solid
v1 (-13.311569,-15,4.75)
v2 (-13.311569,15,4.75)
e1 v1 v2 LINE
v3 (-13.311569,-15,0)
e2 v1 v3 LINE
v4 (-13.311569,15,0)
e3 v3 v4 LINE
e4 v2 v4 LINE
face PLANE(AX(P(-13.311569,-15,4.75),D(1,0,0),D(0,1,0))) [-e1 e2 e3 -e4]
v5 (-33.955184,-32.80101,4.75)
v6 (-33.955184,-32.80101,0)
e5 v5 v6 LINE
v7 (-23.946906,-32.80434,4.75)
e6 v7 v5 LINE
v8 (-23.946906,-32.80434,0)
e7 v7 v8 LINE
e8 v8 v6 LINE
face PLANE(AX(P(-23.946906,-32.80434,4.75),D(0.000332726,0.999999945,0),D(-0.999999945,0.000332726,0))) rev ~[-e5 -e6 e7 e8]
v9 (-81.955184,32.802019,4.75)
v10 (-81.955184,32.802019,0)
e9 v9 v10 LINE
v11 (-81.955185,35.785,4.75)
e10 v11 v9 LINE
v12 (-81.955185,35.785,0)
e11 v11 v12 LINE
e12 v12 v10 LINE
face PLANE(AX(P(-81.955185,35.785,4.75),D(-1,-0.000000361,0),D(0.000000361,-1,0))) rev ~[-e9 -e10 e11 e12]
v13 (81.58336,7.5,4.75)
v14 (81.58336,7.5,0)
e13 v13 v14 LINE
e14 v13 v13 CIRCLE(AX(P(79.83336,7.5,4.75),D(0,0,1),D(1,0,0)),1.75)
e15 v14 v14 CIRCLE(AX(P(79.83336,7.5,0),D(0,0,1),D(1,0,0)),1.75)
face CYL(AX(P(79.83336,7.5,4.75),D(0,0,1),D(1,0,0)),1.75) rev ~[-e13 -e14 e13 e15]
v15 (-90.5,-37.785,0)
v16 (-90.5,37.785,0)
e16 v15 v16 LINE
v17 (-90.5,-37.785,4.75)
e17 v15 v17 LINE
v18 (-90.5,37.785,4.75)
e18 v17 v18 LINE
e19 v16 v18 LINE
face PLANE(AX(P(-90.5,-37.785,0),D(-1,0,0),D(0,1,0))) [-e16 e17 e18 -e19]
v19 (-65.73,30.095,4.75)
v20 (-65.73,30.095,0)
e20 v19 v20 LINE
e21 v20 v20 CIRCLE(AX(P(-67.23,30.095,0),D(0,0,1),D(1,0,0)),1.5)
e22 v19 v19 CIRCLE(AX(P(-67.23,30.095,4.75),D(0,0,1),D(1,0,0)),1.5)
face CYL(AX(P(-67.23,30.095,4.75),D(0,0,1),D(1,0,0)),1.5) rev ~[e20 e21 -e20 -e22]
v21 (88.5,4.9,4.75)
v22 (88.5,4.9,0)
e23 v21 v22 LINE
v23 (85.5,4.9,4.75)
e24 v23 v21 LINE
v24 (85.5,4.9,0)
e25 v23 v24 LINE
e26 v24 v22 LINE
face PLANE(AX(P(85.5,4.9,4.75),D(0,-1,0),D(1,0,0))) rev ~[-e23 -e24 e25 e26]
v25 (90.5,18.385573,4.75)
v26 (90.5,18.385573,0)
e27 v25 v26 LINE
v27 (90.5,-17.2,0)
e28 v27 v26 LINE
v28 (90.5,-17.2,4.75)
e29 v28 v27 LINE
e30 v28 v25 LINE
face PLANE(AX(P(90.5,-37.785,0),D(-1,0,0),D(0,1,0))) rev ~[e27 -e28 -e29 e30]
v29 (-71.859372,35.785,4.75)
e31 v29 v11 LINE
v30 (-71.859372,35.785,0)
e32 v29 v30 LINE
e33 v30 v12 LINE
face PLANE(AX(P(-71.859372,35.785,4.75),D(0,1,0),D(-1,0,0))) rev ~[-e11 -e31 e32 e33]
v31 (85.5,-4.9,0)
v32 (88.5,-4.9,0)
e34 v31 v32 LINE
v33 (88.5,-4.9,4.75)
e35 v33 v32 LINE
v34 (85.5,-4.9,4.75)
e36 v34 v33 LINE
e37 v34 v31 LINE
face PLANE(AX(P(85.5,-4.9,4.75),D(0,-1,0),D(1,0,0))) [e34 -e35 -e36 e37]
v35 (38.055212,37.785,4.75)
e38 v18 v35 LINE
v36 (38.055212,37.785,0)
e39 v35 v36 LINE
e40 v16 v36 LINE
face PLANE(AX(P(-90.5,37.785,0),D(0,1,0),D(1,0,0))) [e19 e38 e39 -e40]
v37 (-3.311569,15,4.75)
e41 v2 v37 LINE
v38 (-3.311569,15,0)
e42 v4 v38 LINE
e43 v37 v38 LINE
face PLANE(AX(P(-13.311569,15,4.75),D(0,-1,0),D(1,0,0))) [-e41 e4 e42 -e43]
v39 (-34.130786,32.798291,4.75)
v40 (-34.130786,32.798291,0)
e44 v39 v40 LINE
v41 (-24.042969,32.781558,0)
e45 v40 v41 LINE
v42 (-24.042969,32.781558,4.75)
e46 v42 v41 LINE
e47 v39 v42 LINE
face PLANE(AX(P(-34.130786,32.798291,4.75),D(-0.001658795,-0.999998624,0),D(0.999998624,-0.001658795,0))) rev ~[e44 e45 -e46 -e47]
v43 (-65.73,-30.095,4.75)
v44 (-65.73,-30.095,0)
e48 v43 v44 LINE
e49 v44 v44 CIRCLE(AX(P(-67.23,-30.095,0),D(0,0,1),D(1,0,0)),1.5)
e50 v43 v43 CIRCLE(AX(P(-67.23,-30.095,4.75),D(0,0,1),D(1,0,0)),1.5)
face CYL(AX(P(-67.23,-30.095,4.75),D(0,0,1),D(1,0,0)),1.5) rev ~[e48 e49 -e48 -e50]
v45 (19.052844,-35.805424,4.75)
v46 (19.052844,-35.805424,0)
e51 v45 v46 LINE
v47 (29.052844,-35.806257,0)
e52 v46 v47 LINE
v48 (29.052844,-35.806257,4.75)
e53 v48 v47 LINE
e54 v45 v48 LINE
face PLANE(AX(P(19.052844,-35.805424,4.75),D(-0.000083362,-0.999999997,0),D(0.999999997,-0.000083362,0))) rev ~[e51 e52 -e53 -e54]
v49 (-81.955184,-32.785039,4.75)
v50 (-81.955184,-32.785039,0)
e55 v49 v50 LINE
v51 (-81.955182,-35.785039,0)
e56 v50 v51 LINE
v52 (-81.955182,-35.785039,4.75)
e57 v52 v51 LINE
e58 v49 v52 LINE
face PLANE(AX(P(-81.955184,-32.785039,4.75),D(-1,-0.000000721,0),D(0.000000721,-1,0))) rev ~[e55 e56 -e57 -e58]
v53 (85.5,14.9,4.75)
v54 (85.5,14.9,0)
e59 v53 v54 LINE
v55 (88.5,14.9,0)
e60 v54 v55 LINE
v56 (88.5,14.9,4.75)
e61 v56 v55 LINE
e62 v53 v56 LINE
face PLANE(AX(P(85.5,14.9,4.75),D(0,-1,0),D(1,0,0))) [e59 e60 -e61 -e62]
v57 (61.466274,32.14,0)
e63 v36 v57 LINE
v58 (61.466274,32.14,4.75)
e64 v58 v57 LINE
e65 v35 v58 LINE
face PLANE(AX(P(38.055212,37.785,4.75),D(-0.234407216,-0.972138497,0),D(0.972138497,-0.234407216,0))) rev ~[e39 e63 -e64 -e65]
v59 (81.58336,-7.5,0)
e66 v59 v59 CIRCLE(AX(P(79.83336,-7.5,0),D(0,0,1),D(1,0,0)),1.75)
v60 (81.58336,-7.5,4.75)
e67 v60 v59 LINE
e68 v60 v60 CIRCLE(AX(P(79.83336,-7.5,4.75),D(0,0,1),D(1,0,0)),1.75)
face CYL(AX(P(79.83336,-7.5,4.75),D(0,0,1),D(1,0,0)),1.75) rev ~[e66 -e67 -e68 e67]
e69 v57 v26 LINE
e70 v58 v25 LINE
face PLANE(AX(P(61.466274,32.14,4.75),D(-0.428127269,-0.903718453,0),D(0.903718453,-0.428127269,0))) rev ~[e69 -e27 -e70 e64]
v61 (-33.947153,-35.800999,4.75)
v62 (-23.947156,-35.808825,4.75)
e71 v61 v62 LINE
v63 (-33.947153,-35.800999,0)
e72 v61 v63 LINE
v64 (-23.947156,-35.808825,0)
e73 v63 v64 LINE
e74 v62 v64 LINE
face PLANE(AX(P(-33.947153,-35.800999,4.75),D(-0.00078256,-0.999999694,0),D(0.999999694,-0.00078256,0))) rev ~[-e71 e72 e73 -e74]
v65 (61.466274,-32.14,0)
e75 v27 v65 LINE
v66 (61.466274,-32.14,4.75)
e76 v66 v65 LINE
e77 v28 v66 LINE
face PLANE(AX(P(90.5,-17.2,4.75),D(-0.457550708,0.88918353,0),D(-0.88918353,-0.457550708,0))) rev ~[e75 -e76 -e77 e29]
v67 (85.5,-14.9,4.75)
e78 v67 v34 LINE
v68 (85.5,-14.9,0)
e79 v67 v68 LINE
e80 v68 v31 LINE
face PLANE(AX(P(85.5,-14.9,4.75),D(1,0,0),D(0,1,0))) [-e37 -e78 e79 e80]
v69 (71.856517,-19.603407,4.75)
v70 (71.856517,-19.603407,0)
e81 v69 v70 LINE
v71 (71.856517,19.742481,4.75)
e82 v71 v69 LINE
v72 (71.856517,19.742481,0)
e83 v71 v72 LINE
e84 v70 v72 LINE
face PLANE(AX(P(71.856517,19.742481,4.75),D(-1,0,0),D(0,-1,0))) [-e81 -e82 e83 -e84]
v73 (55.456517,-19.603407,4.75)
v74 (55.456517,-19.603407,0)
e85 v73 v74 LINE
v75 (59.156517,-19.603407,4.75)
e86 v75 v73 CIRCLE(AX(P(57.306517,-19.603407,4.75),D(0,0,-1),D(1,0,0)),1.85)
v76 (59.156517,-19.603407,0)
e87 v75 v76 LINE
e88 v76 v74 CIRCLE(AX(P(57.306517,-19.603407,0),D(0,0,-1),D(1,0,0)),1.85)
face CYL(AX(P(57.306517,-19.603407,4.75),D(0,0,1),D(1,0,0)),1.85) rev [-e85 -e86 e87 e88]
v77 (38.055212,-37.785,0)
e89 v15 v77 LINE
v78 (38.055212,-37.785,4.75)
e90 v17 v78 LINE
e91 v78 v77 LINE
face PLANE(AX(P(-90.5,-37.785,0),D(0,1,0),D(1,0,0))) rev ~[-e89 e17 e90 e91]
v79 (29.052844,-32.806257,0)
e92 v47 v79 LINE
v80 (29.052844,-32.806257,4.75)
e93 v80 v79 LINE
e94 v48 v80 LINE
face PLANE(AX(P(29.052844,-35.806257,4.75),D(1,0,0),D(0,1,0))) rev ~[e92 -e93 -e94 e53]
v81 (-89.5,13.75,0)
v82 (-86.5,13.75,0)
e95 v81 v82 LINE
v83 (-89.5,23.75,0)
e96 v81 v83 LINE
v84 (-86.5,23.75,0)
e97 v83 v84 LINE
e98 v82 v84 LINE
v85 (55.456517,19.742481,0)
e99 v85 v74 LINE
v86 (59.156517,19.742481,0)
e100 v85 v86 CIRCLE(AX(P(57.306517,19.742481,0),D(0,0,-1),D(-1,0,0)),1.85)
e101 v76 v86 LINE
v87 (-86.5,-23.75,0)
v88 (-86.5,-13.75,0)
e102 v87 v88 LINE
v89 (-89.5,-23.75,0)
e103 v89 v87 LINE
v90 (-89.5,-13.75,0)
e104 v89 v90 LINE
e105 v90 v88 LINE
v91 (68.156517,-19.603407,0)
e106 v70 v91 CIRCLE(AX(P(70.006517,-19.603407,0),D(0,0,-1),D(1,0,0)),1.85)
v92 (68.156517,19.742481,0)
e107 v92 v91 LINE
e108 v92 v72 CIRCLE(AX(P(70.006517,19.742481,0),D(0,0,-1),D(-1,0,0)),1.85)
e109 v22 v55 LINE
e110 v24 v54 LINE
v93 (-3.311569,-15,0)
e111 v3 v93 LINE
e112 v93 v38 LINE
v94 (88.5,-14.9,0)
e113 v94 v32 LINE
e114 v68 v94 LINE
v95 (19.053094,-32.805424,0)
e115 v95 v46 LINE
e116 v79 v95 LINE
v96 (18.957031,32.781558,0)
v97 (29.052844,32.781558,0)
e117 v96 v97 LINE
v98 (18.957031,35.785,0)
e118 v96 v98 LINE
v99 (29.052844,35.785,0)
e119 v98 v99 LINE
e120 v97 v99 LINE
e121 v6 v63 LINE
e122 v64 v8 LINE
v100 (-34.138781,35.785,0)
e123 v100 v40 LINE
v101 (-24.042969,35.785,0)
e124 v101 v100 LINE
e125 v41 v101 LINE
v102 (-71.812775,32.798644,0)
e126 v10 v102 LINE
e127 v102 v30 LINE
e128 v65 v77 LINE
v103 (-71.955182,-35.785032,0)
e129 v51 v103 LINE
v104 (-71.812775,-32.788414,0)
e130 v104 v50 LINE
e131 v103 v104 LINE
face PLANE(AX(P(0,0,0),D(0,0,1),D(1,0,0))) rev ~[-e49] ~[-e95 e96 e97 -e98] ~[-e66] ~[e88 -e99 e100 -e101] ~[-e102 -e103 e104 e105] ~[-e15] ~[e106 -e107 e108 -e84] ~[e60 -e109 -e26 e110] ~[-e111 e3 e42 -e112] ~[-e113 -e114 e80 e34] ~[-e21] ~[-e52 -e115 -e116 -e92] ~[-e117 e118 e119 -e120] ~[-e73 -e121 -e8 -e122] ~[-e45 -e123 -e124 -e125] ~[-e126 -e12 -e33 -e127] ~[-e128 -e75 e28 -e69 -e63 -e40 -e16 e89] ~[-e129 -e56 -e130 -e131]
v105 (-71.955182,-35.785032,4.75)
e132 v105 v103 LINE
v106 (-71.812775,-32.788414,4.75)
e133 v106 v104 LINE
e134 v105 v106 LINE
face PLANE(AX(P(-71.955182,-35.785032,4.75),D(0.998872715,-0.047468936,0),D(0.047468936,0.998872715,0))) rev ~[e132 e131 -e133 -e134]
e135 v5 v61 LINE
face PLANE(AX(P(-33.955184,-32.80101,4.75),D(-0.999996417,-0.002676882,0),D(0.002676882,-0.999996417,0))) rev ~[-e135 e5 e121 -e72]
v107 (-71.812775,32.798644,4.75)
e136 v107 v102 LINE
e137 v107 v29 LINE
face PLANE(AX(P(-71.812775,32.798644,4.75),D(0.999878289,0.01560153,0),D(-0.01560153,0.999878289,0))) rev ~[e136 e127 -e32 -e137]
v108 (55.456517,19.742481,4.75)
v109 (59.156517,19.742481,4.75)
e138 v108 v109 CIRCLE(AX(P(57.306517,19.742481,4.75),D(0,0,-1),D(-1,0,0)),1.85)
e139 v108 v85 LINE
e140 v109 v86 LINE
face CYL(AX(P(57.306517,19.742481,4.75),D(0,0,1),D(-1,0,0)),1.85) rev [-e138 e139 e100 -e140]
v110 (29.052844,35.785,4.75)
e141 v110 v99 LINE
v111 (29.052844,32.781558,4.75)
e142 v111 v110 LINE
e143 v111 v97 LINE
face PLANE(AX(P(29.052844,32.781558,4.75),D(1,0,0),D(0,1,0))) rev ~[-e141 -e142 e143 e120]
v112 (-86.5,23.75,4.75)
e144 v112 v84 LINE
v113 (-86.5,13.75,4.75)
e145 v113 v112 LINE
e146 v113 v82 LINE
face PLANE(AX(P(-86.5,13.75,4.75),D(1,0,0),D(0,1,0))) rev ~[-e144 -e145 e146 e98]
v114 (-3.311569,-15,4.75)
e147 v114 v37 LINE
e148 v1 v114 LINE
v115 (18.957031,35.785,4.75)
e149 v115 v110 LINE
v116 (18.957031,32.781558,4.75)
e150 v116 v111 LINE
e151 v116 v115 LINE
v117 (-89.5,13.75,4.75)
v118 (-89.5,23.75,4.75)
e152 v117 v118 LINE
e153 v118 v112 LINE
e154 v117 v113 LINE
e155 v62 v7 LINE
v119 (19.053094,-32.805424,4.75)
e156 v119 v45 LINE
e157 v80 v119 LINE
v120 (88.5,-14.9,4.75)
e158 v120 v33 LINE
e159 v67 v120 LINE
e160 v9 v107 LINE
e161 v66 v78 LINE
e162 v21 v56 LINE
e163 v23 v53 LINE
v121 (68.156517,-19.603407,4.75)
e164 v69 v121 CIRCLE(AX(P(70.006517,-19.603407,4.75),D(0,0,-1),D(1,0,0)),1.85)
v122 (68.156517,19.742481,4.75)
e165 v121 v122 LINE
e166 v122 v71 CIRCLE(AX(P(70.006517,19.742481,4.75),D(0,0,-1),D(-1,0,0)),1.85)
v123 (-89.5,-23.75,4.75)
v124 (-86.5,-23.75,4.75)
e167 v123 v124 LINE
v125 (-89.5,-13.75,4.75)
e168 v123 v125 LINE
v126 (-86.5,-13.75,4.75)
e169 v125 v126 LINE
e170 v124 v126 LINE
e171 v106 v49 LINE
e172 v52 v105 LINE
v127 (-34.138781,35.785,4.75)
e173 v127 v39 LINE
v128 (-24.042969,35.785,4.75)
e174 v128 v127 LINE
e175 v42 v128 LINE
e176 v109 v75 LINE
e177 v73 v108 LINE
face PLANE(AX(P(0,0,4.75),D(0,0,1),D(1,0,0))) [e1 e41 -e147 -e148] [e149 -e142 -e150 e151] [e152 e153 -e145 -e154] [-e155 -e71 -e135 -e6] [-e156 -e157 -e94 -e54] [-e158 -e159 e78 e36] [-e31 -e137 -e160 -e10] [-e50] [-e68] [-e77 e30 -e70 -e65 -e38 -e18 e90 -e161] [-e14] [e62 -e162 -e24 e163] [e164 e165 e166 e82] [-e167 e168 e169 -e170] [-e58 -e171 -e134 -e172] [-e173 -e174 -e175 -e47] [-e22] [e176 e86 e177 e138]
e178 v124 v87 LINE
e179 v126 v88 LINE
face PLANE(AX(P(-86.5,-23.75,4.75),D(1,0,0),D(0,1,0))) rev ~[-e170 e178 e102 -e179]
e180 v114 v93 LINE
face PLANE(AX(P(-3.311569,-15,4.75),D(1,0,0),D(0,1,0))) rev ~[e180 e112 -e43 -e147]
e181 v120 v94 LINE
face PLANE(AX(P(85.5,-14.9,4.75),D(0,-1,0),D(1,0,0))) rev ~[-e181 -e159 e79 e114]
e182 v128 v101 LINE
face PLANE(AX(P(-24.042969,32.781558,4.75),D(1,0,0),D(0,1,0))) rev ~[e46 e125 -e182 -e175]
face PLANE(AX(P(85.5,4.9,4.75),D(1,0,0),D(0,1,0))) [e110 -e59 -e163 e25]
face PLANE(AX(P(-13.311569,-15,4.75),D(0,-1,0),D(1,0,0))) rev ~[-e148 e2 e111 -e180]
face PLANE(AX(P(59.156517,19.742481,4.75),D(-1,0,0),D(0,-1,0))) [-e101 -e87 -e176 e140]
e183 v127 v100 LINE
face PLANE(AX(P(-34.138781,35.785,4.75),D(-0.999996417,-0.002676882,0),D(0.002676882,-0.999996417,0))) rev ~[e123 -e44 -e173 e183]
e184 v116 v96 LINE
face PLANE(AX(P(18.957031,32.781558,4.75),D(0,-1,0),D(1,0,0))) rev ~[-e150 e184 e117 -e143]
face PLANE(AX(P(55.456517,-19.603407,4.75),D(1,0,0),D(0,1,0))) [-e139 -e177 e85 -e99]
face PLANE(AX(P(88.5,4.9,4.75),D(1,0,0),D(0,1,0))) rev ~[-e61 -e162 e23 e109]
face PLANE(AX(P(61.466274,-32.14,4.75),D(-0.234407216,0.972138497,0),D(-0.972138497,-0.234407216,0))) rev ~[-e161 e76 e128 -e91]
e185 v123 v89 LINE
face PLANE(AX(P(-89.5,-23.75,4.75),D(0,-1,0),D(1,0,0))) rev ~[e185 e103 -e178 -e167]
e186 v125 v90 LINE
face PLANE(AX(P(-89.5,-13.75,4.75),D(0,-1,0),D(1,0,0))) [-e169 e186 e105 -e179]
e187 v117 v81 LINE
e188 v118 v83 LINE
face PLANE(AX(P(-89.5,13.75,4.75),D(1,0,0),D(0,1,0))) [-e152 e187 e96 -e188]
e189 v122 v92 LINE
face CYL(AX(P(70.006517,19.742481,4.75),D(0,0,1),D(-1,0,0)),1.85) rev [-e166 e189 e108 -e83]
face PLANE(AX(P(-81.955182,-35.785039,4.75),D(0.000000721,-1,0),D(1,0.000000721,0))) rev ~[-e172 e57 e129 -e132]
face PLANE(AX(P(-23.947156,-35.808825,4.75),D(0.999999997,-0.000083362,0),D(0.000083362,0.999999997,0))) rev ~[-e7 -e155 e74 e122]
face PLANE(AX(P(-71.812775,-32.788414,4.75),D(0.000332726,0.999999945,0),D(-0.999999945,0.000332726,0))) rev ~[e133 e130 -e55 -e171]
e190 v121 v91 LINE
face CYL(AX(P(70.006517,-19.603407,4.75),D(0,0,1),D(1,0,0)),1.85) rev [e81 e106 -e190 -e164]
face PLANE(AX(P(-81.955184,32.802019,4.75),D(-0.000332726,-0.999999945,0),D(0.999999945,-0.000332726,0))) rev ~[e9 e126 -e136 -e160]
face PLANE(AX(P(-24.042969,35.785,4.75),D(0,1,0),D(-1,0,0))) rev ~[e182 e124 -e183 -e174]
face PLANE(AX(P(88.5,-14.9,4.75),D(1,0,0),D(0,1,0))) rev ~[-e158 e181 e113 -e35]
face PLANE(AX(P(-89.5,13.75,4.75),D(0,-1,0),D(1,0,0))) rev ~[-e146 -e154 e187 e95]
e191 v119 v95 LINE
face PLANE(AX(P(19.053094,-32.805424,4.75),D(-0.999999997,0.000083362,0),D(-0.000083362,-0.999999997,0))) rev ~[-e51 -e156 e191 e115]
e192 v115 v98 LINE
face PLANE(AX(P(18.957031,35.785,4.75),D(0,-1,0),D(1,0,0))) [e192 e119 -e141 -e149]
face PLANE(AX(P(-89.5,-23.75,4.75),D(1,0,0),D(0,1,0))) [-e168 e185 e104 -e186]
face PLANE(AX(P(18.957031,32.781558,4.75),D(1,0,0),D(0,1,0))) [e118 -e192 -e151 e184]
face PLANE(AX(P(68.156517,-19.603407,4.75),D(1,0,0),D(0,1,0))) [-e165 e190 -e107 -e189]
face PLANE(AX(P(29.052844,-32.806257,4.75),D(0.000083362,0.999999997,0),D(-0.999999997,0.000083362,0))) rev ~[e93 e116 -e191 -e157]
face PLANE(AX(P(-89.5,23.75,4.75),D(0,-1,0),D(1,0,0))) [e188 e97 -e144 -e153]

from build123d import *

# Parameters (mm, degrees)
SKETCH1_W           = 181
SKETCH1_H           = 75.57
BOSS_EXTRUDE2_DEPTH = 4.75
SKETCH6_W           = 3
SKETCH6_H           = 10
SKETCH6_W_2         = 10.095812656
SKETCH6_H_2         = 3.003442242
SKETCH6_W_3         = 10
SKETCH6_H_3         = 30
SKETCH6_R           = 1.5
SKETCH6_R_2         = 1.85
SKETCH6_R_3         = 1.75
CUT_EXTRUDE7_DEPTH  = 9
CUT_EXTRUDE8_DEPTH  = 4.75


with BuildPart() as part:
    # Sketch1 → Boss-Extrude2 (new body)
    with BuildSketch(Plane.XY):
        Rectangle(SKETCH1_W, SKETCH1_H)
    extrude(amount=BOSS_EXTRUDE2_DEPTH)

    # Sketch6 → Cut-Extrude7 (cut)
    with BuildSketch(Plane.XY.offset(4.75)):
        Polygon((-81.955185068, 35.785), (-81.955183992, 32.802018857), (-71.81277502, 32.798644215), (-71.859372412, 35.785), align=None)
        with Locations((-88, 18.75)):
            Rectangle(SKETCH6_W, SKETCH6_H)
        with Locations((-88, -18.75)):
            Rectangle(SKETCH6_W, SKETCH6_H)
        Polygon((-34.13878131, 35.785), (-34.130786214, 32.798291399), (-24.042968654, 32.781557758), (-24.042968654, 35.785), align=None)
        Polygon((-71.81277502, -32.788413815), (-81.955183992, -32.785039173), (-81.955181828, -35.785039173), (-71.955181828, -35.785031959), align=None)
        Polygon((-33.95518398, -32.801010013), (-33.947153334, -35.800999264), (-23.947156396, -35.808824865), (-23.946905936, -32.804340026), align=None)
        with Locations((87, 9.9)):
            Rectangle(SKETCH6_W, SKETCH6_H)
        with Locations((24.004937674, 34.283278879)):
            Rectangle(SKETCH6_W_2, SKETCH6_H_2)
        Polygon((29.052844002, -32.806257253), (19.053094123, -32.805423656), (19.052844037, -35.805423646), (29.052844002, -35.806257264), align=None)
        with Locations((-8.31156853, 0)):
            Rectangle(SKETCH6_W_3, SKETCH6_H_3)
        with Locations((87, -9.9)):
            Rectangle(SKETCH6_W, SKETCH6_H)
        Polygon((61.466273892, -32.14), (38.055212144, -37.785), (90.5, -37.785), (90.5, -17.2), align=None)
        Polygon((61.46627389, 32.14), (90.5, 18.385572572), (90.5, 37.785), (38.055212144, 37.785), align=None)
        with Locations((-67.23, 30.095)):
            Circle(SKETCH6_R)
        with Locations((-67.23, -30.095)):
            Circle(SKETCH6_R)
        with Locations((70.00651733, -12.753407437)):
            Circle(SKETCH6_R_2)
        with Locations((70.00651733, 12.892480558)):
            Circle(SKETCH6_R_2)
        with Locations((70.00651733, 0)):
            Circle(SKETCH6_R_2)
        with Locations((57.30651733, 12.892480558)):
            Circle(SKETCH6_R_2)
        with Locations((57.30651733, 0)):
            Circle(SKETCH6_R_2)
        with Locations((57.30651733, -12.753407437)):
            Circle(SKETCH6_R_2)
        with Locations((79.833359723, -7.5)):
            Circle(SKETCH6_R_3)
        with Locations((79.833359723, 7.5)):
            Circle(SKETCH6_R_3)
    extrude(amount=-CUT_EXTRUDE7_DEPTH, mode=Mode.SUBTRACT)

    # Sketch9 → Cut-Extrude8 (cut)
    with BuildSketch(Plane.XY.offset(4.75)):
        with BuildLine():
            Line((59.15651733, 19.742480558), (59.15651733, -19.603407437))
            ThreePointArc((59.15651733, -19.603407437), (57.30651733, -21.453407437), (55.45651733, -19.603407437))
            Line((55.45651733, -19.603407437), (55.45651733, 19.742480558))
            ThreePointArc((55.45651733, 19.742480558), (57.30651733, 21.592480558), (59.15651733, 19.742480558))
        make_face()
        with BuildLine():
            Line((71.85651733, 19.742480558), (71.85651733, -19.603407437))
            ThreePointArc((71.85651733, -19.603407437), (70.00651733, -21.453407437), (68.15651733, -19.603407437))
            Line((68.15651733, -19.603407437), (68.15651733, 19.742480558))
            ThreePointArc((68.15651733, 19.742480558), (70.00651733, 21.592480558), (71.85651733, 19.742480558))
        make_face()
    extrude(amount=-CUT_EXTRUDE8_DEPTH, mode=Mode.SUBTRACT)


solid = part.part
